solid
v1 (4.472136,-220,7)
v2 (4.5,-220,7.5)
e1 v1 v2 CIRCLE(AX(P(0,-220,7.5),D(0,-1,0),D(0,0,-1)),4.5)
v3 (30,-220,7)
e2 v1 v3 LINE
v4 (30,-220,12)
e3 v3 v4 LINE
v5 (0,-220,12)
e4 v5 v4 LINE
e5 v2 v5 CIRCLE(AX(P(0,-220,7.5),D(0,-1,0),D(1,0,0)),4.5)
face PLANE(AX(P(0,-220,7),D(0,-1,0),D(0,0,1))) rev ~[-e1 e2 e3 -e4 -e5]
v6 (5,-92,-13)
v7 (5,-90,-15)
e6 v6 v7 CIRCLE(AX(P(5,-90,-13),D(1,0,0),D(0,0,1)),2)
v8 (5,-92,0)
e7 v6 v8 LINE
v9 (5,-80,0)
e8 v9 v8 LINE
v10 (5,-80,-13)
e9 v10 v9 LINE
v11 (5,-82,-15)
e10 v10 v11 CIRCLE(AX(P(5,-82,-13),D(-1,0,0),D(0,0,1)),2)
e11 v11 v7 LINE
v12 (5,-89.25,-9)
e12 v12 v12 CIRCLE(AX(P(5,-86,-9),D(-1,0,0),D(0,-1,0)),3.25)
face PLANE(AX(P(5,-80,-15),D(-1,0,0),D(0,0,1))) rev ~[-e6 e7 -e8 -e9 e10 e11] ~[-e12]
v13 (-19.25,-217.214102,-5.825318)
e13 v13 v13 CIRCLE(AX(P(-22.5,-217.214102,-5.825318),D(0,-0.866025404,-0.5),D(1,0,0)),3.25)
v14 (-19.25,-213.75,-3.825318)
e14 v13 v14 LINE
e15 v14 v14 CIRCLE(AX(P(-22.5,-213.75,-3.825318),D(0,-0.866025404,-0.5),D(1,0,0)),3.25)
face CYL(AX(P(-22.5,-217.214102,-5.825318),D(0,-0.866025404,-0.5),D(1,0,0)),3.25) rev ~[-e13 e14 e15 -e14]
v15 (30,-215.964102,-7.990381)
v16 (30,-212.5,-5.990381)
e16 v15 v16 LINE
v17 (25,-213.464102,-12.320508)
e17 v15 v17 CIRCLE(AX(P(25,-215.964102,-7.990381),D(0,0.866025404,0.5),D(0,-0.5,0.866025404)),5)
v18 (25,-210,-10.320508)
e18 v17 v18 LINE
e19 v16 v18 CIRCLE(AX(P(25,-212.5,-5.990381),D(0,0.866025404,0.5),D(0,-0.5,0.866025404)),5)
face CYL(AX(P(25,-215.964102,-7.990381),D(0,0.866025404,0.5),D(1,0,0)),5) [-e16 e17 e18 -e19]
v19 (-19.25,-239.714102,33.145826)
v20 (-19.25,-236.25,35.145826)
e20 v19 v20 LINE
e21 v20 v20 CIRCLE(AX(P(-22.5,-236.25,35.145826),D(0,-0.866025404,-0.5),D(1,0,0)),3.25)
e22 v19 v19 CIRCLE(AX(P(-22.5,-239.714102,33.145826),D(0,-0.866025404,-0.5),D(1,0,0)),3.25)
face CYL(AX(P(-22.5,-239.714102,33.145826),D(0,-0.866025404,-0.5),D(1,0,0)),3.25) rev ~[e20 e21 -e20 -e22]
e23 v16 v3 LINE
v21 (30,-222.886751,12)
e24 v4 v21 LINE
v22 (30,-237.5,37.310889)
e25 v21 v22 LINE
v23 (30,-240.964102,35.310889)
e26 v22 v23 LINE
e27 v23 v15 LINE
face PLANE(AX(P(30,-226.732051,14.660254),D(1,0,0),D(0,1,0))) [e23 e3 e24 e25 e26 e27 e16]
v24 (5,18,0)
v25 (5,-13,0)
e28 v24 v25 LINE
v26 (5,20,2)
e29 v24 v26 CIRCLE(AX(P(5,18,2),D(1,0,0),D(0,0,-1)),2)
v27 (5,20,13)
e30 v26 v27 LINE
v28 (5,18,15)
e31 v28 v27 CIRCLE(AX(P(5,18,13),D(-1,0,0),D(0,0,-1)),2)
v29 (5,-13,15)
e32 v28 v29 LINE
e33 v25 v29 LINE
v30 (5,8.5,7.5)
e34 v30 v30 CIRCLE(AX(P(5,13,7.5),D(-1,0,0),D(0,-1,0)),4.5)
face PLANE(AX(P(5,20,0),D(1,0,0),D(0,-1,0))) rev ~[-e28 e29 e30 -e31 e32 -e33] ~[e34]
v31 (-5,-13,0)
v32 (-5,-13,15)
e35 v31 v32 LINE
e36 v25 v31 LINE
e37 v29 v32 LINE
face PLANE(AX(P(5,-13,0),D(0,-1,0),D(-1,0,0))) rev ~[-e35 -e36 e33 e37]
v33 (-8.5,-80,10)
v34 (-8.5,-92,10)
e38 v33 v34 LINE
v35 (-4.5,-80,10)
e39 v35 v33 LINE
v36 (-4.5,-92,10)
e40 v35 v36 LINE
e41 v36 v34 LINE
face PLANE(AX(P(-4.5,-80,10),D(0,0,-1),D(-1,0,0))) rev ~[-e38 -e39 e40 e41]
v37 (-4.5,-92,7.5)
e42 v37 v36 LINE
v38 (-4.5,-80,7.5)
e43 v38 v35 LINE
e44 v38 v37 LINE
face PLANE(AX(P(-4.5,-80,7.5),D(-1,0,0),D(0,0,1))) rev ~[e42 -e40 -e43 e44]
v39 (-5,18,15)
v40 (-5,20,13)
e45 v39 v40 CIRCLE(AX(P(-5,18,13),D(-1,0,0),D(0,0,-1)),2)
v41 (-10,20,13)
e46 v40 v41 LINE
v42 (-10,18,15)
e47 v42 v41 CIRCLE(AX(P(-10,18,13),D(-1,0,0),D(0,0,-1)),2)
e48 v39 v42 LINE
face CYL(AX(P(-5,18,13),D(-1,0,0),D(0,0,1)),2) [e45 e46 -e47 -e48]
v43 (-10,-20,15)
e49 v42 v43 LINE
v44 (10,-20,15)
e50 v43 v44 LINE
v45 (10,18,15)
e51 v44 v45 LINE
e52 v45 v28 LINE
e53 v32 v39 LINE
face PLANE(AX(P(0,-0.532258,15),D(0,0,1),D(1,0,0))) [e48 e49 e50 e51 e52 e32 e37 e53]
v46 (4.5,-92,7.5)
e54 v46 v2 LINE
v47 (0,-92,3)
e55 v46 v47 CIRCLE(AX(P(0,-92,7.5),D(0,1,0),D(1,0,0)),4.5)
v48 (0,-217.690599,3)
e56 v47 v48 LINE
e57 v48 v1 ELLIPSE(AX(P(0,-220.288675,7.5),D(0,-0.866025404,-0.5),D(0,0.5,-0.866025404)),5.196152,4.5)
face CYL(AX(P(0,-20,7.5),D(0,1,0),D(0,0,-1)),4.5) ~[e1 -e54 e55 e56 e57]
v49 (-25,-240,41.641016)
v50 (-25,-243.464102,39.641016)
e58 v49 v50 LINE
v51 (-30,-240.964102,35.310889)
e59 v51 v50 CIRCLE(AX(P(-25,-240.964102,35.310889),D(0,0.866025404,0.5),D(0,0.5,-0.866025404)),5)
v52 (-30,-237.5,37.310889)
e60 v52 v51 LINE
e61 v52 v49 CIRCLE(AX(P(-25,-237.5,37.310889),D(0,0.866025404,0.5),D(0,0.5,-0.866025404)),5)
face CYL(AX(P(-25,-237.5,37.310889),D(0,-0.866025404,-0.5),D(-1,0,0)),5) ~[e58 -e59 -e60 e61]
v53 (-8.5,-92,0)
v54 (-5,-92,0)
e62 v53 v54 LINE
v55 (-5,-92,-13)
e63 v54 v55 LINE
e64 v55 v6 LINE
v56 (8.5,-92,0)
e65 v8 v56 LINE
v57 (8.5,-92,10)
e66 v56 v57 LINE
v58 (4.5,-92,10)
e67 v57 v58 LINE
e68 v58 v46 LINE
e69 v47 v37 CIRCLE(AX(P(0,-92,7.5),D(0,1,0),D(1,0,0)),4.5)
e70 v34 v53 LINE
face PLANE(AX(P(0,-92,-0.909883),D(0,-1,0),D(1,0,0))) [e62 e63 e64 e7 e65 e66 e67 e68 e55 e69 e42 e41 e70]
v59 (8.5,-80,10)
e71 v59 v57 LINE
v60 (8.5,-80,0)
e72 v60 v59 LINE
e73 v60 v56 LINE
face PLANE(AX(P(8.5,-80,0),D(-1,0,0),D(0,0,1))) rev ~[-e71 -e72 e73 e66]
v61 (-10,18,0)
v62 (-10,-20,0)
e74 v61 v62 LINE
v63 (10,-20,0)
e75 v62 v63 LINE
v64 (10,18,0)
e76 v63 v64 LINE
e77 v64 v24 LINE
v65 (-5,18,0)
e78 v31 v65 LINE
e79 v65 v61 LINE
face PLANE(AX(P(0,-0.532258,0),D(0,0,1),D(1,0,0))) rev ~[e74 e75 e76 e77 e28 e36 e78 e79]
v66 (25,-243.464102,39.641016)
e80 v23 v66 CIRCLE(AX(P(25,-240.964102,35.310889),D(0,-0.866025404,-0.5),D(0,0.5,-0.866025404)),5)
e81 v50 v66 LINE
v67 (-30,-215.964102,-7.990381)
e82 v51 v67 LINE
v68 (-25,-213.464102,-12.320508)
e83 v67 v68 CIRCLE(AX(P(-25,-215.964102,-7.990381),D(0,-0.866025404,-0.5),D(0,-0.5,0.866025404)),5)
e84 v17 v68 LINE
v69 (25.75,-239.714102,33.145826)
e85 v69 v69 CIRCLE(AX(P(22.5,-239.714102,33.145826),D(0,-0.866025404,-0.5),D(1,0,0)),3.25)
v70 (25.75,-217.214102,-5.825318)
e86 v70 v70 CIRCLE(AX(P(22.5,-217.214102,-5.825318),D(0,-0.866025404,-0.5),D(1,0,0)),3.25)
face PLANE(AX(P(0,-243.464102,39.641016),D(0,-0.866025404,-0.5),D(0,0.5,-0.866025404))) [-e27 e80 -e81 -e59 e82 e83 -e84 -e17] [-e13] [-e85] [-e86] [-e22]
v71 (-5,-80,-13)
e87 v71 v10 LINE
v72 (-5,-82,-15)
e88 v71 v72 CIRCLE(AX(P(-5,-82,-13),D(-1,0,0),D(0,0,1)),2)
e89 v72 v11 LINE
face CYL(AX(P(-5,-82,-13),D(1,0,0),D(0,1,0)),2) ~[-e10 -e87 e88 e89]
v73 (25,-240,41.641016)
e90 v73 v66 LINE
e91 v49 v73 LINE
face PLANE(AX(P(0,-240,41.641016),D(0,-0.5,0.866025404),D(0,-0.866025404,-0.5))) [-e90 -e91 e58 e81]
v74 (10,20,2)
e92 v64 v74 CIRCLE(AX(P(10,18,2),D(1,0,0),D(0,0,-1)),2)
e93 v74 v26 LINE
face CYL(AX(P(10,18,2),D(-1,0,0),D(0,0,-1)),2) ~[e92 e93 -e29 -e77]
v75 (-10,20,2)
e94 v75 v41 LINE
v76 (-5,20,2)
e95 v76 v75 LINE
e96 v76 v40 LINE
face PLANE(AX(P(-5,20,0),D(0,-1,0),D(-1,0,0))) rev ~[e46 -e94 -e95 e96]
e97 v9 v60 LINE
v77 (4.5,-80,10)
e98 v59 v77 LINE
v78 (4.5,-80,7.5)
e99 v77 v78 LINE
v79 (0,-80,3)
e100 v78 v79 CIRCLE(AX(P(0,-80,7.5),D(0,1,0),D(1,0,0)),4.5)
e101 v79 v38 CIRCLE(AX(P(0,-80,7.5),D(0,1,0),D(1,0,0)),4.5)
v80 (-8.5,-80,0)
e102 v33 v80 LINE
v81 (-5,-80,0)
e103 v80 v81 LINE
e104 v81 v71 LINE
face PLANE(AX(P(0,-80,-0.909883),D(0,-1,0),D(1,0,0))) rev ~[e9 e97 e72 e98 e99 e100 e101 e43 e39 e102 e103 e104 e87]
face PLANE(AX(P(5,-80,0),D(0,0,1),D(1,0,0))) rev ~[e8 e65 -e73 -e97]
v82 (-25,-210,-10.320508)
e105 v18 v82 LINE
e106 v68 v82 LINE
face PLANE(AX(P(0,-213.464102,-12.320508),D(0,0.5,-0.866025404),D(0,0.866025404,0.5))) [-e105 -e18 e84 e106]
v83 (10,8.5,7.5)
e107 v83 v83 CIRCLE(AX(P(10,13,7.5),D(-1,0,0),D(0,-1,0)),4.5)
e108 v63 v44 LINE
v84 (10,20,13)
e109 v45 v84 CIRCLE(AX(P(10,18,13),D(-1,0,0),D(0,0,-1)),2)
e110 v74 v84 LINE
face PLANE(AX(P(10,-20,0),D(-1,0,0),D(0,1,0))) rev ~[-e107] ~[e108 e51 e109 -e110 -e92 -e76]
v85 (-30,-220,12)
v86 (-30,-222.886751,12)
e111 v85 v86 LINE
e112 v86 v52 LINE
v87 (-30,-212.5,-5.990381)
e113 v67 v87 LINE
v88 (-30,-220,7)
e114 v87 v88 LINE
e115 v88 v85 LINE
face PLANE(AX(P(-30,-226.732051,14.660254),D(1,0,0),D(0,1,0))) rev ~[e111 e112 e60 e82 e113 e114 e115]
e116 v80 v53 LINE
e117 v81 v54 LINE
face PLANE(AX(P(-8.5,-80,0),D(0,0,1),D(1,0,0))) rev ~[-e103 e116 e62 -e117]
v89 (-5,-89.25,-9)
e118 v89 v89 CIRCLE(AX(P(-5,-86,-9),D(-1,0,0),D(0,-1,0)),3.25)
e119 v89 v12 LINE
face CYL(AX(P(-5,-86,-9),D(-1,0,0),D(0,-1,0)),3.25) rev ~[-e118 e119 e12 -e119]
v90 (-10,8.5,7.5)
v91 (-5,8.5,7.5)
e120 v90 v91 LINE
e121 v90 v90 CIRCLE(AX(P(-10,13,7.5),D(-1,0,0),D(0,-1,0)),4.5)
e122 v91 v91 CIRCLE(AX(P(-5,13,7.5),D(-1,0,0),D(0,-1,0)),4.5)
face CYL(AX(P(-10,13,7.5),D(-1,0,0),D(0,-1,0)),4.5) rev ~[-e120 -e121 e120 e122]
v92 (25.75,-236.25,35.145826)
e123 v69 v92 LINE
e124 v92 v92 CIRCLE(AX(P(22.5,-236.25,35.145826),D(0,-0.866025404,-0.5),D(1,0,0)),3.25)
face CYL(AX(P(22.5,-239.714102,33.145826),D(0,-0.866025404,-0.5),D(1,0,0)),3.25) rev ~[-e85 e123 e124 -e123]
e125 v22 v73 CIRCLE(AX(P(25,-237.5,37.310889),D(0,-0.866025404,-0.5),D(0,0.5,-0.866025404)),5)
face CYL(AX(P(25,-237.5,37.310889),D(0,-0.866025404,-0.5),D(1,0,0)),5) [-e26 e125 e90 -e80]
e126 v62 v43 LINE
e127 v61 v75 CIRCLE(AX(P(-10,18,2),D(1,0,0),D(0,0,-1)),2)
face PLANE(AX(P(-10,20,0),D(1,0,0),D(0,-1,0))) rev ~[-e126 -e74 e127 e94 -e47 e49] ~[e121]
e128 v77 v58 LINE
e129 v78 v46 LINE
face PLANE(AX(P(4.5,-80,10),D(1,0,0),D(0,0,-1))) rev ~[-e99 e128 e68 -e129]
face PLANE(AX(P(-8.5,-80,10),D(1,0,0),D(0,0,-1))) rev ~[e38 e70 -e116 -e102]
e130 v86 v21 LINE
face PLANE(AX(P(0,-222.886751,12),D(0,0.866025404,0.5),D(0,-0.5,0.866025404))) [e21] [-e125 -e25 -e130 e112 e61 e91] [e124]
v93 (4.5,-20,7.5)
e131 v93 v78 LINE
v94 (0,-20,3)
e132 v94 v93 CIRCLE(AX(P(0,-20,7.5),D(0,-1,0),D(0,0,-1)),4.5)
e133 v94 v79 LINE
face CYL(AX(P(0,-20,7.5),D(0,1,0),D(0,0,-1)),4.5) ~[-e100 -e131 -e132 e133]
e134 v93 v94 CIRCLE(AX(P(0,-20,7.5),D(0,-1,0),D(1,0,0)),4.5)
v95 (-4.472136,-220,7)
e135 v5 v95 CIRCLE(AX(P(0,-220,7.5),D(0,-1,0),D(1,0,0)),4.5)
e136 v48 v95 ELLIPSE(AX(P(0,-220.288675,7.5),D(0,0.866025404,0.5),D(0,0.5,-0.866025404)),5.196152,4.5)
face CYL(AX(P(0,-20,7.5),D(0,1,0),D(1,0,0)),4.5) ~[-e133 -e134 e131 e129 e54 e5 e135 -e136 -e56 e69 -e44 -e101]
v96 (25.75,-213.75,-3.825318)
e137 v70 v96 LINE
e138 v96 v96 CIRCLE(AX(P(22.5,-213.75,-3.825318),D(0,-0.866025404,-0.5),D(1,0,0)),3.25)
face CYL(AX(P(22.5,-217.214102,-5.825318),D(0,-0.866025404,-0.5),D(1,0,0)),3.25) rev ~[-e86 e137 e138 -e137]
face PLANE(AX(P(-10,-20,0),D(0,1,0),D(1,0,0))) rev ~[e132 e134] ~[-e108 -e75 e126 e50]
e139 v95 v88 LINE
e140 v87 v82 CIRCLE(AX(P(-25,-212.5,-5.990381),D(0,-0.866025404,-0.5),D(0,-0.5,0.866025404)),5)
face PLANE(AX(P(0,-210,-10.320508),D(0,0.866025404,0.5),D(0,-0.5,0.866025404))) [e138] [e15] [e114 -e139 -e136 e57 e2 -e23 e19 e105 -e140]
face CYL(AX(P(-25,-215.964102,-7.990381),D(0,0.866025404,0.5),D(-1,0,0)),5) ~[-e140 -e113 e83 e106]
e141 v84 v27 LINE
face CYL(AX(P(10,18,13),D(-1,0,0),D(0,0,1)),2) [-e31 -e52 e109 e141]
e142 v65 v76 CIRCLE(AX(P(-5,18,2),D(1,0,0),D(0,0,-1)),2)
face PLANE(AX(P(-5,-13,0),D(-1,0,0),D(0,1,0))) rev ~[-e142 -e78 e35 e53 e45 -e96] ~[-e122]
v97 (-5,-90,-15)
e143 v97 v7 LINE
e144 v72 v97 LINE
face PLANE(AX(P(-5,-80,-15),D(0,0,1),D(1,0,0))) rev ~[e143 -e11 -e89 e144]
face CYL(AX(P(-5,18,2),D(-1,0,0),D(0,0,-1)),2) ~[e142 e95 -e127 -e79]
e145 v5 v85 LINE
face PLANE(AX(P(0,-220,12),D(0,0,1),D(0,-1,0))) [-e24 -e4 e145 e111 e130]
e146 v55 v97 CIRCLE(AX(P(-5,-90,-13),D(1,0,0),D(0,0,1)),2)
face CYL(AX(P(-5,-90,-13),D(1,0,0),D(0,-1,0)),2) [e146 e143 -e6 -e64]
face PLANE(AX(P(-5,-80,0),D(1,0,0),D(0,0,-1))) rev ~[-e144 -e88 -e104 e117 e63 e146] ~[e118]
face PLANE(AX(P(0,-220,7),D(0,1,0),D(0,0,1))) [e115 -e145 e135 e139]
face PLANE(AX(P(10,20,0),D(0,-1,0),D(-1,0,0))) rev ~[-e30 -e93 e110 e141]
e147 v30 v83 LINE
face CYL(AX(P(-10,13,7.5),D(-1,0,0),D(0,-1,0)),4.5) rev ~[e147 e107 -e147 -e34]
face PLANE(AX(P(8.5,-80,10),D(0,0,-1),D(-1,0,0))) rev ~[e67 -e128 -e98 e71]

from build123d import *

# Parameters (mm, degrees)
F1_DEPTH      = 15
F3_DEPTH      = 200
F4_R          = 4.5
F5_DEPTH      = 25
F6_R          = 2
F8_DEPTH      = 30
F8_DEPTH_BACK = 30
F9_R          = 3.25
F10_DEPTH     = 25
F13_DEPTH     = 12
F14_R         = 3.25
F15_DEPTH     = 25
F16_R         = 2
F17_R         = 5


with BuildPart() as f1:
    # F0 (on Top) → F1 (new body)
    with BuildSketch(Plane.XY):
        Polygon((-10, -20), (10, -20), (10, 20), (5, 20), (5, -13), (-5, -13), (-5, 20), (-10, 20), align=None)
    extrude(amount=F1_DEPTH)

    # F2 (on face) → F3 (join)
    with BuildSketch(Plane.XZ.offset(20)):
        with BuildLine():
            ThreePointArc((0, 3), (3.1819805153, 4.3180194847), (4.5, 7.5))
            ThreePointArc((4.5, 7.5), (-3.1819805153, 10.6819805153), (0, 3))
        make_face()
    extrude(amount=F3_DEPTH)

    # F4 (on face) → F5 (cut)
    with BuildSketch(Plane(origin=(-10, 0, 0), x_dir=(0, -1, 0), z_dir=(-1, 0, 0))):
        with Locations((-13, 7.5)):
            Circle(F4_R)
    extrude(amount=-F5_DEPTH, mode=Mode.SUBTRACT)

    # F6
    f6_edges = [f1.edges().sort_by_distance(p)[0] for p in [
        (-7.5, 20, 15),
        (7.5, 20, 15),
        (7.5, 20, 0),
        (-7.5, 20, 0),
    ]]
    fillet(f6_edges, radius=F6_R)

    # F7 (on Right) → F8 (join, two sides)
    with BuildSketch(Plane.YZ) as f8_sk:
        Polygon((-210, -10.3205080757), (-220, 7), (-222.8867513459, 12), (-240, 41.6410161514), (-243.4641016151, 39.6410161514), (-213.4641016151, -12.3205080757), align=None)
        Polygon((-222.8867513459, 12), (-220, 7), (-220, 12), align=None)
    extrude(amount=F8_DEPTH)
    extrude(f8_sk.sketch, amount=-F8_DEPTH_BACK)

    # F9 (on face) → F10 (cut)
    with BuildSketch(Plane(origin=(0, -165.4330127019, -95.5127944163), x_dir=(1, 0, 0), z_dir=(0, -0.8660254038, -0.5))):
        with Locations((-22.5, 148.5621778265)):
            Circle(F9_R)
        with Locations((22.5, 148.5621778265)):
            Circle(F9_R)
        with Locations((-22.5, 103.5621778265)):
            Circle(F9_R)
        with Locations((22.5, 103.5621778265)):
            Circle(F9_R)
    extrude(amount=-F10_DEPTH, mode=Mode.SUBTRACT)

    # F12 (on offset) → F13 (join)
    with BuildSketch(Plane.XZ.offset(80)):
        with BuildLine():
            Line((-5, 0), (-5, -15))
            Line((-5, -15), (5, -15))
            Line((5, -15), (5, 0))
            Line((5, 0), (8.5, 0))
            Line((8.5, 0), (8.5, 10))
            Line((8.5, 10), (4.5, 10))
            Line((4.5, 10), (4.5, 7.5))
            ThreePointArc((4.5, 7.5), (0, 3), (-4.5, 7.5))
            Line((-4.5, 7.5), (-4.5, 10))
            Line((-4.5, 10), (-8.5, 10))
            Line((-8.5, 10), (-8.5, 0))
            Line((-8.5, 0), (-5, 0))
        make_face()
    extrude(amount=F13_DEPTH)

    # F14 (on face) → F15 (cut)
    with BuildSketch(Plane(origin=(-5, 0, 0), x_dir=(0, -1, 0), z_dir=(-1, 0, 0))):
        with Locations((86, -9)):
            Circle(F14_R)
    extrude(amount=-F15_DEPTH, mode=Mode.SUBTRACT)

    # F16
    f16_edges = [f1.edges().sort_by_distance(p)[0] for p in [
        (0, -80, -15),
        (0, -92, -15),
    ]]
    fillet(f16_edges, radius=F16_R)

    # F17
    f17_edges = [f1.edges().sort_by_distance(p)[0] for p in [
        (-30, -241.732051, 40.641016),
        (30, -241.732051, 40.641016),
        (-30, -211.732051, -11.320508),
        (30, -211.732051, -11.320508),
    ]]
    fillet(f17_edges, radius=F17_R)


solid = f1.part
